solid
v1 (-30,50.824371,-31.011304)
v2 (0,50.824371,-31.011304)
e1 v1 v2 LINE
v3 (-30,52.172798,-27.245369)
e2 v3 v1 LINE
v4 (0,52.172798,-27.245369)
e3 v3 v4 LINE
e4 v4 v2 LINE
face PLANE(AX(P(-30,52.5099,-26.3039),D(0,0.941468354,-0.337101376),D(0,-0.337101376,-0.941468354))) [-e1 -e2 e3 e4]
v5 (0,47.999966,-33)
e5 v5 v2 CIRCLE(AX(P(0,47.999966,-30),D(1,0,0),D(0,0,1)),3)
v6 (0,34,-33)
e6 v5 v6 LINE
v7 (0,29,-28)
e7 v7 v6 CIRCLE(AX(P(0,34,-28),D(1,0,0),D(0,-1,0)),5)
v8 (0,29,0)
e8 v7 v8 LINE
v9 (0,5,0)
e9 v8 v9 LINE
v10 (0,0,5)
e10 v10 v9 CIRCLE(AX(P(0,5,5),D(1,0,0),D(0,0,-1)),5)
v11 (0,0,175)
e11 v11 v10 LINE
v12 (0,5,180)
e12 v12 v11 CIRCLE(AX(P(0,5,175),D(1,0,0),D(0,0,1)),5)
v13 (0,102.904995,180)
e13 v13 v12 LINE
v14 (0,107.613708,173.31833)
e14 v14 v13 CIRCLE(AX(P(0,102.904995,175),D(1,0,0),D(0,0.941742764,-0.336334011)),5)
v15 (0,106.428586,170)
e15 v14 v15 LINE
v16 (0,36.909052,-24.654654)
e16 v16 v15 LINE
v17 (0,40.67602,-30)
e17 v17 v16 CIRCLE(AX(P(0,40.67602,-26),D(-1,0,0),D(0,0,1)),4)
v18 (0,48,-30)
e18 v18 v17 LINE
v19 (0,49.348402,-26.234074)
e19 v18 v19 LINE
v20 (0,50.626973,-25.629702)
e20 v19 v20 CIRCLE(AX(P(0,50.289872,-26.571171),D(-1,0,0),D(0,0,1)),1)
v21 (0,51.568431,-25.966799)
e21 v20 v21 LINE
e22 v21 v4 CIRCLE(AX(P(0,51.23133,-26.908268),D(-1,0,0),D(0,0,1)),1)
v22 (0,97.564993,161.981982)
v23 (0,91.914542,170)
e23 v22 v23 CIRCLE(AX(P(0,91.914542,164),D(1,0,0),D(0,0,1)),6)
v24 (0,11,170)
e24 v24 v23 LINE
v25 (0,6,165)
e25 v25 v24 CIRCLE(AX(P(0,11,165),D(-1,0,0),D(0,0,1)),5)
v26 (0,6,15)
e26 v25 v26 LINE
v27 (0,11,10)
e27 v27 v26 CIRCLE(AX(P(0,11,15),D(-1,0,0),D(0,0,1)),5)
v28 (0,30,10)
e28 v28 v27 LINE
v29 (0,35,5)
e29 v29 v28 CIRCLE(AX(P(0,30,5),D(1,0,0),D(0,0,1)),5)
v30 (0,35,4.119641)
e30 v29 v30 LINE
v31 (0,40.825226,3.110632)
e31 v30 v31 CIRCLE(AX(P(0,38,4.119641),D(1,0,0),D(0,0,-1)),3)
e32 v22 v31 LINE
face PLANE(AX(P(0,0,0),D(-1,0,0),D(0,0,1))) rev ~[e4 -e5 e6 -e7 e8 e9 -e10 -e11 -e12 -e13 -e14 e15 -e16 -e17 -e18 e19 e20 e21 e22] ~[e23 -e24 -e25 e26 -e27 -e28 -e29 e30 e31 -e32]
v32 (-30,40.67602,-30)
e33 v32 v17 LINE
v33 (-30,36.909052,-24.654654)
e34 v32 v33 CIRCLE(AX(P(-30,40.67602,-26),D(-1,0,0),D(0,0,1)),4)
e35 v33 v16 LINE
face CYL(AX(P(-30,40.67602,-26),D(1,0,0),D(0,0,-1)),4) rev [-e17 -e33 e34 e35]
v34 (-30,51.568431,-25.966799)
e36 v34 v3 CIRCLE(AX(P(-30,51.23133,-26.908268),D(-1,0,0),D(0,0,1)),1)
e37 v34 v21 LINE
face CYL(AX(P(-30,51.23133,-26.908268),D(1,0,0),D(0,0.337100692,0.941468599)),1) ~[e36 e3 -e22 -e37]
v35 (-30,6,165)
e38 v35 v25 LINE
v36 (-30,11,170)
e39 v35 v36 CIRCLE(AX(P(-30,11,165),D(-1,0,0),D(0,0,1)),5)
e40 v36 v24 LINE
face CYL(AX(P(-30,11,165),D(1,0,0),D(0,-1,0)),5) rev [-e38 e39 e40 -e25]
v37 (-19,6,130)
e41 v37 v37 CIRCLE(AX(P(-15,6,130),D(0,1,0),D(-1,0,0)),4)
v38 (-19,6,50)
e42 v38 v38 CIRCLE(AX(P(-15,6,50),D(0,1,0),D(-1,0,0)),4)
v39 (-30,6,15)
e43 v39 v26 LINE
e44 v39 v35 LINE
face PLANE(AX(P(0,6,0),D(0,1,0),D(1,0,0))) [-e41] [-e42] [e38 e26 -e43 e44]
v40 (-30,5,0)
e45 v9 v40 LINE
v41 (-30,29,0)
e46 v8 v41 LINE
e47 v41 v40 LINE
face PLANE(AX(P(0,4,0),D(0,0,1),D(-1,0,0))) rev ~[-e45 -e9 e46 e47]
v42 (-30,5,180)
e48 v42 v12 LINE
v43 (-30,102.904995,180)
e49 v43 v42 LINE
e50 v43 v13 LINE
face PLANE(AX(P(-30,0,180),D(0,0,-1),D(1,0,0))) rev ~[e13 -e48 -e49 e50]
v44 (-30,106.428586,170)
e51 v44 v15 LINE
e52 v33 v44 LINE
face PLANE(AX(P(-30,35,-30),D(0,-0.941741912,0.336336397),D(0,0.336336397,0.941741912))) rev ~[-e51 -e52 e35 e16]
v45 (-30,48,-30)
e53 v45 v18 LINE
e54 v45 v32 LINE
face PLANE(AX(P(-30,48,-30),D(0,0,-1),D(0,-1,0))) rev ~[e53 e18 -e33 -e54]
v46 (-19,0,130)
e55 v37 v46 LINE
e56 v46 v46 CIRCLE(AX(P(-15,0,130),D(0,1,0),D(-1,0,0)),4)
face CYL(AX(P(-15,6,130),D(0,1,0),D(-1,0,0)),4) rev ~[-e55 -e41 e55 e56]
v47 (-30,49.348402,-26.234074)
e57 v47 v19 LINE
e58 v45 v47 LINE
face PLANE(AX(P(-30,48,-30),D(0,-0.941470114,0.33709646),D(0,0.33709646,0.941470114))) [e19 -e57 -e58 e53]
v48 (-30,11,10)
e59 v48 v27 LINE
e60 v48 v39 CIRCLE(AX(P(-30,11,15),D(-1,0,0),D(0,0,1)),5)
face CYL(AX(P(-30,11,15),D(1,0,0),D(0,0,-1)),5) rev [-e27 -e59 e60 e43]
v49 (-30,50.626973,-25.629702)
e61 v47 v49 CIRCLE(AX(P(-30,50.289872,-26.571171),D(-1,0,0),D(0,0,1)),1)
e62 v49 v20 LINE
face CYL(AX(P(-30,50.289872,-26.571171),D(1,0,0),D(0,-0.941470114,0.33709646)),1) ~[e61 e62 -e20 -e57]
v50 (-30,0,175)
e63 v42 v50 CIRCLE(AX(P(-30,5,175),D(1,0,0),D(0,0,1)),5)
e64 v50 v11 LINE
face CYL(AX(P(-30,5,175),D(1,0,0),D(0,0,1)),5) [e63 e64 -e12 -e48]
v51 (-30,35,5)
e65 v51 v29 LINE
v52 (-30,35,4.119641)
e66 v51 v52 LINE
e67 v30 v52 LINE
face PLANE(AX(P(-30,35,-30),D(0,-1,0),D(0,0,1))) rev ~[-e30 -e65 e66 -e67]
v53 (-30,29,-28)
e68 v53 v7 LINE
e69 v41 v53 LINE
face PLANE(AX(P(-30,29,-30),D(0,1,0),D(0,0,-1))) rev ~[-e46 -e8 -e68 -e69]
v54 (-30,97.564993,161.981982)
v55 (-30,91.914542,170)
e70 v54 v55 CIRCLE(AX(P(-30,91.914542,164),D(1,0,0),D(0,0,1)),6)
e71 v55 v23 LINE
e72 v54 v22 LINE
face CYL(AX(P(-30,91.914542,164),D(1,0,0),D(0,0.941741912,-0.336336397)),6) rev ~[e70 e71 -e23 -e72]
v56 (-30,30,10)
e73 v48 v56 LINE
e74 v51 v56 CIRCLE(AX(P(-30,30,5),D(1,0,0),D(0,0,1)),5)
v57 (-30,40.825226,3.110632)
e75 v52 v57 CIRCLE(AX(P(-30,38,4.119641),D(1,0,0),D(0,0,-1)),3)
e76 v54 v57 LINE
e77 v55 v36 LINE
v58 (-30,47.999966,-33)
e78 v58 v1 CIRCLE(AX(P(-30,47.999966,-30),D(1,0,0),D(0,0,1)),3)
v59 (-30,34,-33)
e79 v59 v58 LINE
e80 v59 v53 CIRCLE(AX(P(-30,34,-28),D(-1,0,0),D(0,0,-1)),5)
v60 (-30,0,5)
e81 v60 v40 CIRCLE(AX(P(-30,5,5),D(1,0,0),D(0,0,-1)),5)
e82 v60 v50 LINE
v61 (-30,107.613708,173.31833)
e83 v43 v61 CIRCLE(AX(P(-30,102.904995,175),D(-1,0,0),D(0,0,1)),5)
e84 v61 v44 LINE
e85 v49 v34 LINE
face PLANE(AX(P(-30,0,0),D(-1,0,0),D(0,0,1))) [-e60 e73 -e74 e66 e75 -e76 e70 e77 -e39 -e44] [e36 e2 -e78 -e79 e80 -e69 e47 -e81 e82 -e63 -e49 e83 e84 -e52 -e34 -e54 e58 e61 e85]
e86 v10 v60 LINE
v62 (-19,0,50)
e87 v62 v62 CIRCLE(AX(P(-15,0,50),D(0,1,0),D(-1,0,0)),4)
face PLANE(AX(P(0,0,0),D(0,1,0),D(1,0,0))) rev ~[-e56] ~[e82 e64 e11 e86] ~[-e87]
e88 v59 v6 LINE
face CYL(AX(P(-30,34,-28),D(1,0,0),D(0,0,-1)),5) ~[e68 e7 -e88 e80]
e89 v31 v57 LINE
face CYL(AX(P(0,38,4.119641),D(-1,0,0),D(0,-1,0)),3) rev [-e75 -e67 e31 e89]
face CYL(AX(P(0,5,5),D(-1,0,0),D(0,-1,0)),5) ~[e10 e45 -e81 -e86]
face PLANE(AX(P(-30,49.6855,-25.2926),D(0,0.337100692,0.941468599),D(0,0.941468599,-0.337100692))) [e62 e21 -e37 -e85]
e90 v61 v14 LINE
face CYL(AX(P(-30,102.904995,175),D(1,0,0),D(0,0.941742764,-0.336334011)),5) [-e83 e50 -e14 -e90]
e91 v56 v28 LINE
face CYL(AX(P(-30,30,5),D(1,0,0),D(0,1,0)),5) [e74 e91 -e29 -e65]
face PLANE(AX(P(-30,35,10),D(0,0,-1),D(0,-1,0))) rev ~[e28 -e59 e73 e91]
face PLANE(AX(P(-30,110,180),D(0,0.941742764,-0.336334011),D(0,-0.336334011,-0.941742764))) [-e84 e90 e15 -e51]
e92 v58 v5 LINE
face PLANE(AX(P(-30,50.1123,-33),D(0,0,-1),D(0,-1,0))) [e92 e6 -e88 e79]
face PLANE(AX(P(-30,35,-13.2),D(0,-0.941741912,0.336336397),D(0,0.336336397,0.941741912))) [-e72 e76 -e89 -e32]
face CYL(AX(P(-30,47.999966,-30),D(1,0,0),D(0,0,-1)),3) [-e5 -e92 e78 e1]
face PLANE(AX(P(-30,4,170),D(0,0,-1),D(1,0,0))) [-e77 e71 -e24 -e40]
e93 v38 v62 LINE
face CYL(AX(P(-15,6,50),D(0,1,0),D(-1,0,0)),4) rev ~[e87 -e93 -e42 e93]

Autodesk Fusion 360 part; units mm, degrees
sketch "Sketch5" plane through (0, 0, 0) normal (0, 1, 0) x (1, 0, 0)
  line L0 (0, 0) -> (-30, 0)
  line L1 (-30, 0) -> (-30, -180)
  line L2 (-30, -180) -> (0, -180)
  line L3 (0, -180) -> (0, 0)
  dimension "d12" = 30
  dimension "d13" = 180
extrude "Extrude4" add sketch "Sketch5" along normal blind 4
sketch "Sketch6" plane through (0, 4, 0) normal (0, 1, 0) x (-1, 0, 0)
  line L0 (0, 180) -> (0, 0)
  line L1 (0, 0) -> (30, 0)
  line L2 (30, 0) -> (30, 180)
  line L3 (30, 180) -> (0, 180)
  line L4 (0, 180) -> (30, 180)
  line L5 (30, 180) -> (30, 170)
  line L6 (30, 170) -> (0, 170)
  line L7 (0, 170) -> (0, 180)
  dimension "d16" = 10
extrude "Extrude5" add sketch "Sketch6" along normal blind 106 contours L0 L2 L3 L4 L5 L6 L7
sketch "Sketch7" plane through (0, 4, 0) normal (0, 1, 0) x (-1, 0, 0)
  line L0 (30, 170) -> (0, 170)
  line L1 (0, 170) -> (0, 0)
  line L2 (0, 0) -> (30, 0)
  line L3 (30, 0) -> (30, 170)
  line L4 (0, 0) -> (30, 0)
  line L5 (30, 0) -> (30, 10)
  line L6 (30, 10) -> (0, 10)
  line L7 (0, 10) -> (0, 0)
  dimension "d19" = 10
extrude "Extrude6" add sketch "Sketch7" along normal blind 25 contours L1 L2 L3 L4 L5 L6 L7
sketch "Sketch8" plane through (-30, 0, 0) normal (-1, 0, 0) x (0, 0, 1)
  line L0 (0, 0) -> (180, 0)
  line L1 (180, 0) -> (180, 110)
  line L2 (180, 110) -> (170, 110)
  line L3 (170, 110) -> (170, 4)
  line L4 (170, 4) -> (10, 4)
  line L5 (10, 4) -> (10, 29)
  line L6 (10, 29) -> (0, 29)
  line L7 (0, 29) -> (0, 0)
  line L8 (10, 29) -> (-30, 29)
  line L9 (-30, 29) -> (-30, 35)
  line L10 (-30, 35) -> (10, 35)
  line L11 (10, 35) -> (10, 29)
  dimension "d22" = 40
  dimension "d23" = 6
extrude "Extrude7" add sketch "Sketch8" against normal blind 30 contours L6 L8 L9 L10 L11
sketch "Sketch9" plane through (-30, 0, 0) normal (-1, 0, 0) x (0, 0, 1)
  line L0 (0, 0) -> (180, 0)
  line L1 (180, 0) -> (180, 110)
  line L2 (180, 110) -> (170, 110)
  line L3 (170, 110) -> (170, 4)
  line L4 (170, 4) -> (10, 4)
  line L5 (10, 4) -> (10, 35)
  line L6 (10, 35) -> (-30, 35)
  line L7 (-30, 35) -> (-30, 29)
  line L8 (-30, 29) -> (0, 29)
  line L9 (0, 29) -> (0, 0)
  line L10 (-30, 35) -> (180, 110)
  line L11 (-30, 29) -> (180, 104)
  line L12 (180, 104) -> (180, 110)
  line L13 (-30, 35) -> (-30, 29)
extrude "Extrude8" add sketch "Sketch9" against normal blind 30 contours L3 L6 L10 L11
sketch "Sketch10" plane through (-30, 0, 0) normal (-1, 0, 0) x (0, 0, 1)
  line L0 (170, 100.4286) -> (170, 4)
  line L1 (170, 4) -> (10, 4)
  line L2 (10, 4) -> (10, 35)
  line L3 (10, 35) -> (-13.2, 35)
  line L4 (-13.2, 35) -> (170, 100.4286)
  line L5 (170, 106.4286) -> (-30, 35)
  line L6 (-30, 35) -> (-30, 29)
  line L7 (-30, 29) -> (0, 29)
  line L8 (0, 29) -> (0, 0)
  line L9 (0, 0) -> (180, 0)
  line L10 (180, 0) -> (180, 110)
  line L11 (180, 110) -> (170, 110)
  line L12 (170, 110) -> (170, 106.4286)
  line L13 (180, 110) -> (170, 106.4286)
  line L14 (170, 110) -> (180, 110)
extrude "Extrude9" cut sketch "Sketch10" against normal blind 30 contours L11 L12 L13 L14
extrude "Extrude10" add 1 faces at (-20, 4, 63.3333) along direction (0, 1, 0) blind 2
sketch "Sketch11" plane through (-30, 0, 0) normal (-1, 0, 0) x (0, 0, 1)
  line L0 (180, 110) -> (-30, 35)
  line L1 (-30, 35) -> (-30, 29)
  line L2 (-30, 29) -> (0, 29)
  line L3 (0, 29) -> (0, 0)
  line L4 (0, 0) -> (180, 0)
  line L5 (180, 0) -> (180, 110)
  line L6 (170, 6) -> (10, 6)
  line L7 (10, 6) -> (10, 35)
  line L8 (10, 35) -> (-13.2, 35)
  line L9 (-13.2, 35) -> (170, 100.4286)
  line L10 (170, 100.4286) -> (170, 6)
  line L11 (-30, 29) -> (-33, 29)
  line L12 (-33, 29) -> (-33, 48)
  line L13 (-33, 48) -> (-30, 48)
  line L14 (-30, 48) -> (-30, 29)
  dimension "d32" = 3
  dimension "d33" = 19
extrude "Extrude11" add sketch "Sketch11" against normal blind 30 contours L1 L11 L12 L13 L14
sketch "Sketch12" plane through (-30, 0, 0) normal (-1, 0, 0) x (0, 0, 1)
  line L0 (180, 110) -> (-30, 35)
  line L1 (-30, 35) -> (-30, 48)
  line L2 (-30, 48) -> (-33, 48)
  line L3 (-33, 48) -> (-33, 29)
  line L4 (-33, 29) -> (0, 29)
  line L5 (0, 29) -> (0, 0)
  line L6 (0, 0) -> (180, 0)
  line L7 (180, 0) -> (180, 110)
  line L8 (170, 6) -> (10, 6)
  line L9 (10, 6) -> (10, 35)
  line L10 (10, 35) -> (-13.2, 35)
  line L11 (-13.2, 35) -> (170, 100.4286)
  line L12 (170, 100.4286) -> (170, 6)
  line L13 (-30, 48) -> (-25.2926, 49.6855)
  line L14 (-30, 48) -> (-25, 48) construction
  line L15 (-25.2926, 49.6855) -> (-26.3039, 52.5099)
  line L16 (-26.3039, 52.5099) -> (-33, 50.1123)
  line L17 (-33, 50.1123) -> (-33, 48)
  dimension "d38" = 5
  dimension "d39" = 19.7
  dimension "d40" = 3
extrude "Extrude12" add sketch "Sketch12" against normal blind 30 contours L2 L13 L15 L16 L17
fillet "Fillet1" radius 5 1 edges at (-15, 29, -33)
fillet "Fillet2" radius 3 1 edges at (-15, 50.1123, -33)
fillet "Fillet3" radius 4 1 edges at (-15, 35, -30)
fillet "Fillet4" radius 1 2 edges at (-15, 52.5099, -26.3039) (-15, 49.6855, -25.2926)
fillet "Fillet5" radius 2 1 edges at (-15, 35, -13.2)
fillet "Fillet6" radius 5 1 edges at (-15, 110, 180)
fillet "Fillet7" radius 5 2 edges at (-15, 0, 0) (-15, 0, 180)
fillet "Fillet8" radius 5 4 edges at (-15, 35, 10) (-15, 6, 10) (-15, 100.4286, 170) (-15, 6, 170)
sketch "Sketch13" plane through (0, 6, 0) normal (0, 1, 0) x (-1, 0, 0)
  line L0 (30, 165) -> (0, 165)
  line L1 (0, 165) -> (0, 15)
  line L2 (0, 15) -> (30, 15)
  line L3 (30, 15) -> (30, 165)
  circle A0 centre (15, 50) radius 4
  circle A1 centre (15, 130) radius 4
  dimension "d59" = 8
  dimension "d61" = 8
  dimension "d62" = 80
  dimension "d63" = 35
extrude "Extrude13" cut sketch "Sketch13" against normal blind 6 contours A0 | A1
delete_face "DeleteFace1" 1 faces at (-20, 36.0576, -3.4176)
fillet "Fillet9" radius 3 1 edges at (-15, 35, -13.2)
delete_face "DeleteFace2" 1 faces at (-20, 98.2371, 165.9775)
fillet "Fillet10" radius 6 1 edges at (-15, 100.4286, 170)
